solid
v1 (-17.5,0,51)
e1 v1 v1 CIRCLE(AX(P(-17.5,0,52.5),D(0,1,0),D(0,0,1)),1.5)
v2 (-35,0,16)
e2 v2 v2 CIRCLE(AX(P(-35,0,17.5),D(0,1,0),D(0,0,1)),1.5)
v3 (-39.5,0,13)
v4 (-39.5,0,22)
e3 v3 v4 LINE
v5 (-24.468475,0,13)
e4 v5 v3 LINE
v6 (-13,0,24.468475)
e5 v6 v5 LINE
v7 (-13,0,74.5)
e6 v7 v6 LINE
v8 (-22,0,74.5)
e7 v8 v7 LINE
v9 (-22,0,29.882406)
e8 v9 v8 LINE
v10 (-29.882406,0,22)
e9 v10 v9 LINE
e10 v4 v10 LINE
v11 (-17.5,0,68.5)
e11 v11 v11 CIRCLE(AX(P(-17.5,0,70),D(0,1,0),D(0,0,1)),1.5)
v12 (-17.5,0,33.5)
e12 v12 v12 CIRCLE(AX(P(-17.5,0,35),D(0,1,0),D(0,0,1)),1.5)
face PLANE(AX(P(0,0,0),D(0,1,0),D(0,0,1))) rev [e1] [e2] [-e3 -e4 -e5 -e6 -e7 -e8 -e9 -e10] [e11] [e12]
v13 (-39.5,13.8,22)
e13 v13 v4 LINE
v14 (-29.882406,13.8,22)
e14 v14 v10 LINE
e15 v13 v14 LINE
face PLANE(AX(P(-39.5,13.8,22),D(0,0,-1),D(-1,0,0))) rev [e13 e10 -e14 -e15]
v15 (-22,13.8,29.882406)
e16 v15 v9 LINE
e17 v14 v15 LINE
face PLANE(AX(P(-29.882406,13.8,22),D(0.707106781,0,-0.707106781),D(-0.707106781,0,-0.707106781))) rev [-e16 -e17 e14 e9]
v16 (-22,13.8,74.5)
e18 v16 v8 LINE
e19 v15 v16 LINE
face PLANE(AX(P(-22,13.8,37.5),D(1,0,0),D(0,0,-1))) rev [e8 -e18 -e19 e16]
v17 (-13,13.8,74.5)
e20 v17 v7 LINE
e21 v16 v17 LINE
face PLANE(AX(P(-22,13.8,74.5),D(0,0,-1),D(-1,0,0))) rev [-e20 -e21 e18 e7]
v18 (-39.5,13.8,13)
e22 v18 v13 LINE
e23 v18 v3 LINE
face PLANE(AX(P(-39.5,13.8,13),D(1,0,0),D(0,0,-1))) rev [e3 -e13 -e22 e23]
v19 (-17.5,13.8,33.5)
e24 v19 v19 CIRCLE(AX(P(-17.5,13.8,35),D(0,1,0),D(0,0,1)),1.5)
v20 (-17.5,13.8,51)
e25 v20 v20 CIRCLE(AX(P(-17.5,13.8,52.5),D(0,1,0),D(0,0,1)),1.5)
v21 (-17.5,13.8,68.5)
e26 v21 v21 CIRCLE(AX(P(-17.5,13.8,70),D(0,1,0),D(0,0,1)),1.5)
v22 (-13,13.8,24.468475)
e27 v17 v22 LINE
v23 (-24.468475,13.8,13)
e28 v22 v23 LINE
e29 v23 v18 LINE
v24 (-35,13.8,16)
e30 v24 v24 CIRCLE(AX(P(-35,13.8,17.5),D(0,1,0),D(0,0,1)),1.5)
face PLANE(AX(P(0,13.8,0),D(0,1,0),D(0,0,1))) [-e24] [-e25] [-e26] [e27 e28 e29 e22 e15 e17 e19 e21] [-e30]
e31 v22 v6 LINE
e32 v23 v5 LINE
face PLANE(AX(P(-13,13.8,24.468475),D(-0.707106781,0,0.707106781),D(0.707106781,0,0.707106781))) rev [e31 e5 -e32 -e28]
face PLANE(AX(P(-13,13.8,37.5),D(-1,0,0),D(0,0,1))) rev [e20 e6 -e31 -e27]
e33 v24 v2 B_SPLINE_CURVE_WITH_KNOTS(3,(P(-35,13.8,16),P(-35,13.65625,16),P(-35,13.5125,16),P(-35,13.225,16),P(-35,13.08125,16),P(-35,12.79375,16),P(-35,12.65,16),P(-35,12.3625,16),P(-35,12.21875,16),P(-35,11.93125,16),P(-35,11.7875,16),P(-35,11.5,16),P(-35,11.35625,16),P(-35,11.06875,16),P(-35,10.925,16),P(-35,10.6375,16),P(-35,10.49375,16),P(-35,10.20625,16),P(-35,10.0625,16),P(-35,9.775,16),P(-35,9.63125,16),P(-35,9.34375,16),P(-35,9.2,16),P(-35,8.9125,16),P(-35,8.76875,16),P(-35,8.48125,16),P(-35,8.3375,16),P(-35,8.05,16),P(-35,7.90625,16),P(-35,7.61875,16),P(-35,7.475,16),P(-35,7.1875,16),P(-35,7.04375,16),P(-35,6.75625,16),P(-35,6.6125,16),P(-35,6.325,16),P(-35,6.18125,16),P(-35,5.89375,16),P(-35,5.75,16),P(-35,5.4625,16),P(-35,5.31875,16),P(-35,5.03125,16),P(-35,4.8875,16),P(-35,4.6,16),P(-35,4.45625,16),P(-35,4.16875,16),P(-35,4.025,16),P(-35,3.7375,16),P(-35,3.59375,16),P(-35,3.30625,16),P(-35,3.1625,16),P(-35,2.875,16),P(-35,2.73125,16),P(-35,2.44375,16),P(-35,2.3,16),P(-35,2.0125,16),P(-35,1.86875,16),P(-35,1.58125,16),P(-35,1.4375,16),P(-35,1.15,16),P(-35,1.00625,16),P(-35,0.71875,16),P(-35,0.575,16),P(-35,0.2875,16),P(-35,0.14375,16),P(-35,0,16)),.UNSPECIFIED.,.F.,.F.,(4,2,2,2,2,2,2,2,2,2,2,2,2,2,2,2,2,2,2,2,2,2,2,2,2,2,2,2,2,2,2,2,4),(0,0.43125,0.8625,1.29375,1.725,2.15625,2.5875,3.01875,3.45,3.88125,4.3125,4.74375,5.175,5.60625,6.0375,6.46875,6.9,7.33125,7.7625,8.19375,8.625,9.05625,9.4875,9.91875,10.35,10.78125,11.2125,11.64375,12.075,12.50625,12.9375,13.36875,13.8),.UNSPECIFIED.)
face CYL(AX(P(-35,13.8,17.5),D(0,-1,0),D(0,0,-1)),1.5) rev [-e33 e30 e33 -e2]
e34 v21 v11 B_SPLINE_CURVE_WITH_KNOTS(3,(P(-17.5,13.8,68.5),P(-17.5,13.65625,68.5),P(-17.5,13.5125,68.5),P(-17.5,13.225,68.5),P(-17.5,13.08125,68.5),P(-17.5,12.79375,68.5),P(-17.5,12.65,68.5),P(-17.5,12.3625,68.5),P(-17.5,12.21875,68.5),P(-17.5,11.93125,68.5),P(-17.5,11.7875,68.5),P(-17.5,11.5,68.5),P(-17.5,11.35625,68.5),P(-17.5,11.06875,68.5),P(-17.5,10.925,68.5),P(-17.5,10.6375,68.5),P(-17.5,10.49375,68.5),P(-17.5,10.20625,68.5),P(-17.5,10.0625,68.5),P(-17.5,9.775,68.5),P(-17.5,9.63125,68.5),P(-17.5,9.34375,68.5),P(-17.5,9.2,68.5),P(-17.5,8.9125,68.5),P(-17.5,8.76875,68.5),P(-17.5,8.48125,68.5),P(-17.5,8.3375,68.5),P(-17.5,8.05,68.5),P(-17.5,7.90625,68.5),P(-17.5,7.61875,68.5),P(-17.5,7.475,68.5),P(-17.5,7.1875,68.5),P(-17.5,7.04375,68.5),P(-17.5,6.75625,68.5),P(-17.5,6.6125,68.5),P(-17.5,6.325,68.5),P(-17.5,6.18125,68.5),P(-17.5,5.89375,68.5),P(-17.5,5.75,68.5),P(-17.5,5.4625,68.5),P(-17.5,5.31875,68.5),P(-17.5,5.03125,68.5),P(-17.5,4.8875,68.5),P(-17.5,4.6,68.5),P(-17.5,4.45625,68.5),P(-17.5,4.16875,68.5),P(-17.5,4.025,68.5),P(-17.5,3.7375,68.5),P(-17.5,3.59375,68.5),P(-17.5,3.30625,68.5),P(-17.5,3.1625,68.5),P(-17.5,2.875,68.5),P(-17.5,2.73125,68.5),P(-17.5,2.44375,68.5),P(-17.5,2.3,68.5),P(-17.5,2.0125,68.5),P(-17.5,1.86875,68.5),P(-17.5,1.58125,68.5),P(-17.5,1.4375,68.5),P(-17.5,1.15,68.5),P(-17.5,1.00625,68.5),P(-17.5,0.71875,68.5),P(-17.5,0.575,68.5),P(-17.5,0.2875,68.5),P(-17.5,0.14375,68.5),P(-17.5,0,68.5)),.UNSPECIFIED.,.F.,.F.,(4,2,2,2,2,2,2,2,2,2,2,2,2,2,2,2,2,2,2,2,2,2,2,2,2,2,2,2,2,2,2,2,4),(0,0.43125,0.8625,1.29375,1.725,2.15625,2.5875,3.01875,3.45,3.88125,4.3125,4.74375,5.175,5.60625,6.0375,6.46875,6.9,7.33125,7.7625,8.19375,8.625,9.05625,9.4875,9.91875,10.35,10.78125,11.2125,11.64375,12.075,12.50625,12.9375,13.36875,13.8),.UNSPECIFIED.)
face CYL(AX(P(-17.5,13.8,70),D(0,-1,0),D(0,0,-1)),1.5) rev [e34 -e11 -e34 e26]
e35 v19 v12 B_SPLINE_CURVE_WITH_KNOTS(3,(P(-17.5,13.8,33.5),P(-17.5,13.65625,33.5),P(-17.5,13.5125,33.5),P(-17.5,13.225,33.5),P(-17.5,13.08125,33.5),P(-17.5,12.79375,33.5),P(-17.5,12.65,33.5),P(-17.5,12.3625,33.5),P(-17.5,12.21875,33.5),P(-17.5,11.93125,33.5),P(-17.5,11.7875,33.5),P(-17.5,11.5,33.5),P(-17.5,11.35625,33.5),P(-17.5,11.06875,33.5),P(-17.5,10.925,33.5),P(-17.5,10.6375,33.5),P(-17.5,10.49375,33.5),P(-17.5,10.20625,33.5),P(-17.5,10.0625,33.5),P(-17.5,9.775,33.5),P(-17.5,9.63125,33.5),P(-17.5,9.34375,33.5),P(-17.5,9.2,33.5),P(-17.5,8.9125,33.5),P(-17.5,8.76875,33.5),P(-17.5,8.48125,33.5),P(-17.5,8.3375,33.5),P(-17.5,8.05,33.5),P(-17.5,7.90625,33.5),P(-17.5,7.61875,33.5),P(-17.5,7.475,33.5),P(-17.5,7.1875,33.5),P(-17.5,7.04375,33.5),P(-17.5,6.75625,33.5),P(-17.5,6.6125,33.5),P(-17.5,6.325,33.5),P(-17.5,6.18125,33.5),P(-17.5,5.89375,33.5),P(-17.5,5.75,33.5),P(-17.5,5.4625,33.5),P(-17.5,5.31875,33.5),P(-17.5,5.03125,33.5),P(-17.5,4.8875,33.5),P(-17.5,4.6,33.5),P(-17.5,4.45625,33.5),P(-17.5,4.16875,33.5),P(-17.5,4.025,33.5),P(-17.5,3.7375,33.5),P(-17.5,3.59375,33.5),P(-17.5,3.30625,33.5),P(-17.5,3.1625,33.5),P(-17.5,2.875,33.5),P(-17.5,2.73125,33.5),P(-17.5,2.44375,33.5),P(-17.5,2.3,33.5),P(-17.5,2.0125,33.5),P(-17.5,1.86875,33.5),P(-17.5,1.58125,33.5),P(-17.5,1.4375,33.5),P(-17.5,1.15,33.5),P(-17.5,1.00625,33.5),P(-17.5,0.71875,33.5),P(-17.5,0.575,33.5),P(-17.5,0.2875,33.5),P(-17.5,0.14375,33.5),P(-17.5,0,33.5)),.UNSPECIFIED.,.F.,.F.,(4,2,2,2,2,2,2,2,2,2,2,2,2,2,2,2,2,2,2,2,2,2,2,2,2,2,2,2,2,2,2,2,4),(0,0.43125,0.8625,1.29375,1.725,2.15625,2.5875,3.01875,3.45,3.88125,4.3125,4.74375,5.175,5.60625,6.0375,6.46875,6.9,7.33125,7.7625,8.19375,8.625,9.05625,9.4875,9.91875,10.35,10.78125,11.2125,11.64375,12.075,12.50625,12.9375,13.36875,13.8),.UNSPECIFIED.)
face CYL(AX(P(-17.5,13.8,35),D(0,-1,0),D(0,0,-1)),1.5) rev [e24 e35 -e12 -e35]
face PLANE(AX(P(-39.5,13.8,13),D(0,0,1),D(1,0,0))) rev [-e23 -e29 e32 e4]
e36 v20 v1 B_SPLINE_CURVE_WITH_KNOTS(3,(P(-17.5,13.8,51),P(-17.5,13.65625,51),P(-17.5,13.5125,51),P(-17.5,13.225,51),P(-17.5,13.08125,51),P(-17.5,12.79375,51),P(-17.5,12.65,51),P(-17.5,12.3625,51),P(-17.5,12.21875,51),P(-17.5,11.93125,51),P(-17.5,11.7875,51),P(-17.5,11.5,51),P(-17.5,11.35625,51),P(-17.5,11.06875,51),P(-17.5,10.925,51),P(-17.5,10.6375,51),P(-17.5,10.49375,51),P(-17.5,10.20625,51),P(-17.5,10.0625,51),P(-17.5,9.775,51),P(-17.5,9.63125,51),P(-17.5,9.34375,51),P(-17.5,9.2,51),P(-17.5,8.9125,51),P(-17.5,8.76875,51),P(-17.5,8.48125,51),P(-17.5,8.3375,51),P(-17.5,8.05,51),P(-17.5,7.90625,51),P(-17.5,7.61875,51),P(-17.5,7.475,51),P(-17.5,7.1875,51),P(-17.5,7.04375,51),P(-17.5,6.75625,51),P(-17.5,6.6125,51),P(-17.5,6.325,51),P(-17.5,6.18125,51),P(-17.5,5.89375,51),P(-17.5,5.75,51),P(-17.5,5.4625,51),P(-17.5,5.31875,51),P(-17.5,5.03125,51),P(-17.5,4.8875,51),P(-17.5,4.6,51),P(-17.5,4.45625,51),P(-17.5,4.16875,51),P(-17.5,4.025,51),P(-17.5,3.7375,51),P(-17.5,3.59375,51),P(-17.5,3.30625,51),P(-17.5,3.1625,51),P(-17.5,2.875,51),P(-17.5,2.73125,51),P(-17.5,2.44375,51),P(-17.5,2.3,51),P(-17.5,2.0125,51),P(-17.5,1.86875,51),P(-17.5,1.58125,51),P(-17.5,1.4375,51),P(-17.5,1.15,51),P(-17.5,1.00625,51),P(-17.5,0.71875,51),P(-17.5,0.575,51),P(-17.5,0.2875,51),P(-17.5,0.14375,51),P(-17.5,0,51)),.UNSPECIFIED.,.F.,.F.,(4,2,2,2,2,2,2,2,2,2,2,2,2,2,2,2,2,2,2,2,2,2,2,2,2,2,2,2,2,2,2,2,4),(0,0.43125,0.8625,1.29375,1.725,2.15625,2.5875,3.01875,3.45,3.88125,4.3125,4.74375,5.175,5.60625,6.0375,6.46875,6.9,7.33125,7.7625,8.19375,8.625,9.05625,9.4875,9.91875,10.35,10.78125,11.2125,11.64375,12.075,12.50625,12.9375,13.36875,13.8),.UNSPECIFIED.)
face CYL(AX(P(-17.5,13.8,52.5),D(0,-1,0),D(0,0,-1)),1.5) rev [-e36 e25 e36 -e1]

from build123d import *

# Parameters (mm, degrees)
SKETCH_2_R      = 1.5
EXTRUDE_1_DEPTH = 13.8


with BuildPart() as part:
    # 草图2 → 凸台-拉伸1 (new body)
    with BuildSketch(Plane(origin=(0, 0, 0), x_dir=(1, 0, 0), z_dir=(0, 1, 0))):
        Polygon((-39.5, -13), (-39.5, -22), (-29.882405541, -22), (-22, -29.882405541), (-22, -37.5), (-22, -74.5), (-13, -74.5), (-13, -37.5), (-13, -24.468475253), (-24.468475253, -13), align=None)
        with Locations(Location((-35, -17.5, 0), (0, 0, 90))):
            Circle(SKETCH_2_R, mode=Mode.SUBTRACT)
        with Locations(Location((-17.5, -35, 0), (0, 0, 90))):
            Circle(SKETCH_2_R, mode=Mode.SUBTRACT)
        with Locations(Location((-17.5, -52.5, 0), (0, 0, 90))):
            Circle(SKETCH_2_R, mode=Mode.SUBTRACT)
        with Locations(Location((-17.5, -70, 0), (0, 0, 90))):
            Circle(SKETCH_2_R, mode=Mode.SUBTRACT)
    extrude(amount=EXTRUDE_1_DEPTH)


solid = part.part
